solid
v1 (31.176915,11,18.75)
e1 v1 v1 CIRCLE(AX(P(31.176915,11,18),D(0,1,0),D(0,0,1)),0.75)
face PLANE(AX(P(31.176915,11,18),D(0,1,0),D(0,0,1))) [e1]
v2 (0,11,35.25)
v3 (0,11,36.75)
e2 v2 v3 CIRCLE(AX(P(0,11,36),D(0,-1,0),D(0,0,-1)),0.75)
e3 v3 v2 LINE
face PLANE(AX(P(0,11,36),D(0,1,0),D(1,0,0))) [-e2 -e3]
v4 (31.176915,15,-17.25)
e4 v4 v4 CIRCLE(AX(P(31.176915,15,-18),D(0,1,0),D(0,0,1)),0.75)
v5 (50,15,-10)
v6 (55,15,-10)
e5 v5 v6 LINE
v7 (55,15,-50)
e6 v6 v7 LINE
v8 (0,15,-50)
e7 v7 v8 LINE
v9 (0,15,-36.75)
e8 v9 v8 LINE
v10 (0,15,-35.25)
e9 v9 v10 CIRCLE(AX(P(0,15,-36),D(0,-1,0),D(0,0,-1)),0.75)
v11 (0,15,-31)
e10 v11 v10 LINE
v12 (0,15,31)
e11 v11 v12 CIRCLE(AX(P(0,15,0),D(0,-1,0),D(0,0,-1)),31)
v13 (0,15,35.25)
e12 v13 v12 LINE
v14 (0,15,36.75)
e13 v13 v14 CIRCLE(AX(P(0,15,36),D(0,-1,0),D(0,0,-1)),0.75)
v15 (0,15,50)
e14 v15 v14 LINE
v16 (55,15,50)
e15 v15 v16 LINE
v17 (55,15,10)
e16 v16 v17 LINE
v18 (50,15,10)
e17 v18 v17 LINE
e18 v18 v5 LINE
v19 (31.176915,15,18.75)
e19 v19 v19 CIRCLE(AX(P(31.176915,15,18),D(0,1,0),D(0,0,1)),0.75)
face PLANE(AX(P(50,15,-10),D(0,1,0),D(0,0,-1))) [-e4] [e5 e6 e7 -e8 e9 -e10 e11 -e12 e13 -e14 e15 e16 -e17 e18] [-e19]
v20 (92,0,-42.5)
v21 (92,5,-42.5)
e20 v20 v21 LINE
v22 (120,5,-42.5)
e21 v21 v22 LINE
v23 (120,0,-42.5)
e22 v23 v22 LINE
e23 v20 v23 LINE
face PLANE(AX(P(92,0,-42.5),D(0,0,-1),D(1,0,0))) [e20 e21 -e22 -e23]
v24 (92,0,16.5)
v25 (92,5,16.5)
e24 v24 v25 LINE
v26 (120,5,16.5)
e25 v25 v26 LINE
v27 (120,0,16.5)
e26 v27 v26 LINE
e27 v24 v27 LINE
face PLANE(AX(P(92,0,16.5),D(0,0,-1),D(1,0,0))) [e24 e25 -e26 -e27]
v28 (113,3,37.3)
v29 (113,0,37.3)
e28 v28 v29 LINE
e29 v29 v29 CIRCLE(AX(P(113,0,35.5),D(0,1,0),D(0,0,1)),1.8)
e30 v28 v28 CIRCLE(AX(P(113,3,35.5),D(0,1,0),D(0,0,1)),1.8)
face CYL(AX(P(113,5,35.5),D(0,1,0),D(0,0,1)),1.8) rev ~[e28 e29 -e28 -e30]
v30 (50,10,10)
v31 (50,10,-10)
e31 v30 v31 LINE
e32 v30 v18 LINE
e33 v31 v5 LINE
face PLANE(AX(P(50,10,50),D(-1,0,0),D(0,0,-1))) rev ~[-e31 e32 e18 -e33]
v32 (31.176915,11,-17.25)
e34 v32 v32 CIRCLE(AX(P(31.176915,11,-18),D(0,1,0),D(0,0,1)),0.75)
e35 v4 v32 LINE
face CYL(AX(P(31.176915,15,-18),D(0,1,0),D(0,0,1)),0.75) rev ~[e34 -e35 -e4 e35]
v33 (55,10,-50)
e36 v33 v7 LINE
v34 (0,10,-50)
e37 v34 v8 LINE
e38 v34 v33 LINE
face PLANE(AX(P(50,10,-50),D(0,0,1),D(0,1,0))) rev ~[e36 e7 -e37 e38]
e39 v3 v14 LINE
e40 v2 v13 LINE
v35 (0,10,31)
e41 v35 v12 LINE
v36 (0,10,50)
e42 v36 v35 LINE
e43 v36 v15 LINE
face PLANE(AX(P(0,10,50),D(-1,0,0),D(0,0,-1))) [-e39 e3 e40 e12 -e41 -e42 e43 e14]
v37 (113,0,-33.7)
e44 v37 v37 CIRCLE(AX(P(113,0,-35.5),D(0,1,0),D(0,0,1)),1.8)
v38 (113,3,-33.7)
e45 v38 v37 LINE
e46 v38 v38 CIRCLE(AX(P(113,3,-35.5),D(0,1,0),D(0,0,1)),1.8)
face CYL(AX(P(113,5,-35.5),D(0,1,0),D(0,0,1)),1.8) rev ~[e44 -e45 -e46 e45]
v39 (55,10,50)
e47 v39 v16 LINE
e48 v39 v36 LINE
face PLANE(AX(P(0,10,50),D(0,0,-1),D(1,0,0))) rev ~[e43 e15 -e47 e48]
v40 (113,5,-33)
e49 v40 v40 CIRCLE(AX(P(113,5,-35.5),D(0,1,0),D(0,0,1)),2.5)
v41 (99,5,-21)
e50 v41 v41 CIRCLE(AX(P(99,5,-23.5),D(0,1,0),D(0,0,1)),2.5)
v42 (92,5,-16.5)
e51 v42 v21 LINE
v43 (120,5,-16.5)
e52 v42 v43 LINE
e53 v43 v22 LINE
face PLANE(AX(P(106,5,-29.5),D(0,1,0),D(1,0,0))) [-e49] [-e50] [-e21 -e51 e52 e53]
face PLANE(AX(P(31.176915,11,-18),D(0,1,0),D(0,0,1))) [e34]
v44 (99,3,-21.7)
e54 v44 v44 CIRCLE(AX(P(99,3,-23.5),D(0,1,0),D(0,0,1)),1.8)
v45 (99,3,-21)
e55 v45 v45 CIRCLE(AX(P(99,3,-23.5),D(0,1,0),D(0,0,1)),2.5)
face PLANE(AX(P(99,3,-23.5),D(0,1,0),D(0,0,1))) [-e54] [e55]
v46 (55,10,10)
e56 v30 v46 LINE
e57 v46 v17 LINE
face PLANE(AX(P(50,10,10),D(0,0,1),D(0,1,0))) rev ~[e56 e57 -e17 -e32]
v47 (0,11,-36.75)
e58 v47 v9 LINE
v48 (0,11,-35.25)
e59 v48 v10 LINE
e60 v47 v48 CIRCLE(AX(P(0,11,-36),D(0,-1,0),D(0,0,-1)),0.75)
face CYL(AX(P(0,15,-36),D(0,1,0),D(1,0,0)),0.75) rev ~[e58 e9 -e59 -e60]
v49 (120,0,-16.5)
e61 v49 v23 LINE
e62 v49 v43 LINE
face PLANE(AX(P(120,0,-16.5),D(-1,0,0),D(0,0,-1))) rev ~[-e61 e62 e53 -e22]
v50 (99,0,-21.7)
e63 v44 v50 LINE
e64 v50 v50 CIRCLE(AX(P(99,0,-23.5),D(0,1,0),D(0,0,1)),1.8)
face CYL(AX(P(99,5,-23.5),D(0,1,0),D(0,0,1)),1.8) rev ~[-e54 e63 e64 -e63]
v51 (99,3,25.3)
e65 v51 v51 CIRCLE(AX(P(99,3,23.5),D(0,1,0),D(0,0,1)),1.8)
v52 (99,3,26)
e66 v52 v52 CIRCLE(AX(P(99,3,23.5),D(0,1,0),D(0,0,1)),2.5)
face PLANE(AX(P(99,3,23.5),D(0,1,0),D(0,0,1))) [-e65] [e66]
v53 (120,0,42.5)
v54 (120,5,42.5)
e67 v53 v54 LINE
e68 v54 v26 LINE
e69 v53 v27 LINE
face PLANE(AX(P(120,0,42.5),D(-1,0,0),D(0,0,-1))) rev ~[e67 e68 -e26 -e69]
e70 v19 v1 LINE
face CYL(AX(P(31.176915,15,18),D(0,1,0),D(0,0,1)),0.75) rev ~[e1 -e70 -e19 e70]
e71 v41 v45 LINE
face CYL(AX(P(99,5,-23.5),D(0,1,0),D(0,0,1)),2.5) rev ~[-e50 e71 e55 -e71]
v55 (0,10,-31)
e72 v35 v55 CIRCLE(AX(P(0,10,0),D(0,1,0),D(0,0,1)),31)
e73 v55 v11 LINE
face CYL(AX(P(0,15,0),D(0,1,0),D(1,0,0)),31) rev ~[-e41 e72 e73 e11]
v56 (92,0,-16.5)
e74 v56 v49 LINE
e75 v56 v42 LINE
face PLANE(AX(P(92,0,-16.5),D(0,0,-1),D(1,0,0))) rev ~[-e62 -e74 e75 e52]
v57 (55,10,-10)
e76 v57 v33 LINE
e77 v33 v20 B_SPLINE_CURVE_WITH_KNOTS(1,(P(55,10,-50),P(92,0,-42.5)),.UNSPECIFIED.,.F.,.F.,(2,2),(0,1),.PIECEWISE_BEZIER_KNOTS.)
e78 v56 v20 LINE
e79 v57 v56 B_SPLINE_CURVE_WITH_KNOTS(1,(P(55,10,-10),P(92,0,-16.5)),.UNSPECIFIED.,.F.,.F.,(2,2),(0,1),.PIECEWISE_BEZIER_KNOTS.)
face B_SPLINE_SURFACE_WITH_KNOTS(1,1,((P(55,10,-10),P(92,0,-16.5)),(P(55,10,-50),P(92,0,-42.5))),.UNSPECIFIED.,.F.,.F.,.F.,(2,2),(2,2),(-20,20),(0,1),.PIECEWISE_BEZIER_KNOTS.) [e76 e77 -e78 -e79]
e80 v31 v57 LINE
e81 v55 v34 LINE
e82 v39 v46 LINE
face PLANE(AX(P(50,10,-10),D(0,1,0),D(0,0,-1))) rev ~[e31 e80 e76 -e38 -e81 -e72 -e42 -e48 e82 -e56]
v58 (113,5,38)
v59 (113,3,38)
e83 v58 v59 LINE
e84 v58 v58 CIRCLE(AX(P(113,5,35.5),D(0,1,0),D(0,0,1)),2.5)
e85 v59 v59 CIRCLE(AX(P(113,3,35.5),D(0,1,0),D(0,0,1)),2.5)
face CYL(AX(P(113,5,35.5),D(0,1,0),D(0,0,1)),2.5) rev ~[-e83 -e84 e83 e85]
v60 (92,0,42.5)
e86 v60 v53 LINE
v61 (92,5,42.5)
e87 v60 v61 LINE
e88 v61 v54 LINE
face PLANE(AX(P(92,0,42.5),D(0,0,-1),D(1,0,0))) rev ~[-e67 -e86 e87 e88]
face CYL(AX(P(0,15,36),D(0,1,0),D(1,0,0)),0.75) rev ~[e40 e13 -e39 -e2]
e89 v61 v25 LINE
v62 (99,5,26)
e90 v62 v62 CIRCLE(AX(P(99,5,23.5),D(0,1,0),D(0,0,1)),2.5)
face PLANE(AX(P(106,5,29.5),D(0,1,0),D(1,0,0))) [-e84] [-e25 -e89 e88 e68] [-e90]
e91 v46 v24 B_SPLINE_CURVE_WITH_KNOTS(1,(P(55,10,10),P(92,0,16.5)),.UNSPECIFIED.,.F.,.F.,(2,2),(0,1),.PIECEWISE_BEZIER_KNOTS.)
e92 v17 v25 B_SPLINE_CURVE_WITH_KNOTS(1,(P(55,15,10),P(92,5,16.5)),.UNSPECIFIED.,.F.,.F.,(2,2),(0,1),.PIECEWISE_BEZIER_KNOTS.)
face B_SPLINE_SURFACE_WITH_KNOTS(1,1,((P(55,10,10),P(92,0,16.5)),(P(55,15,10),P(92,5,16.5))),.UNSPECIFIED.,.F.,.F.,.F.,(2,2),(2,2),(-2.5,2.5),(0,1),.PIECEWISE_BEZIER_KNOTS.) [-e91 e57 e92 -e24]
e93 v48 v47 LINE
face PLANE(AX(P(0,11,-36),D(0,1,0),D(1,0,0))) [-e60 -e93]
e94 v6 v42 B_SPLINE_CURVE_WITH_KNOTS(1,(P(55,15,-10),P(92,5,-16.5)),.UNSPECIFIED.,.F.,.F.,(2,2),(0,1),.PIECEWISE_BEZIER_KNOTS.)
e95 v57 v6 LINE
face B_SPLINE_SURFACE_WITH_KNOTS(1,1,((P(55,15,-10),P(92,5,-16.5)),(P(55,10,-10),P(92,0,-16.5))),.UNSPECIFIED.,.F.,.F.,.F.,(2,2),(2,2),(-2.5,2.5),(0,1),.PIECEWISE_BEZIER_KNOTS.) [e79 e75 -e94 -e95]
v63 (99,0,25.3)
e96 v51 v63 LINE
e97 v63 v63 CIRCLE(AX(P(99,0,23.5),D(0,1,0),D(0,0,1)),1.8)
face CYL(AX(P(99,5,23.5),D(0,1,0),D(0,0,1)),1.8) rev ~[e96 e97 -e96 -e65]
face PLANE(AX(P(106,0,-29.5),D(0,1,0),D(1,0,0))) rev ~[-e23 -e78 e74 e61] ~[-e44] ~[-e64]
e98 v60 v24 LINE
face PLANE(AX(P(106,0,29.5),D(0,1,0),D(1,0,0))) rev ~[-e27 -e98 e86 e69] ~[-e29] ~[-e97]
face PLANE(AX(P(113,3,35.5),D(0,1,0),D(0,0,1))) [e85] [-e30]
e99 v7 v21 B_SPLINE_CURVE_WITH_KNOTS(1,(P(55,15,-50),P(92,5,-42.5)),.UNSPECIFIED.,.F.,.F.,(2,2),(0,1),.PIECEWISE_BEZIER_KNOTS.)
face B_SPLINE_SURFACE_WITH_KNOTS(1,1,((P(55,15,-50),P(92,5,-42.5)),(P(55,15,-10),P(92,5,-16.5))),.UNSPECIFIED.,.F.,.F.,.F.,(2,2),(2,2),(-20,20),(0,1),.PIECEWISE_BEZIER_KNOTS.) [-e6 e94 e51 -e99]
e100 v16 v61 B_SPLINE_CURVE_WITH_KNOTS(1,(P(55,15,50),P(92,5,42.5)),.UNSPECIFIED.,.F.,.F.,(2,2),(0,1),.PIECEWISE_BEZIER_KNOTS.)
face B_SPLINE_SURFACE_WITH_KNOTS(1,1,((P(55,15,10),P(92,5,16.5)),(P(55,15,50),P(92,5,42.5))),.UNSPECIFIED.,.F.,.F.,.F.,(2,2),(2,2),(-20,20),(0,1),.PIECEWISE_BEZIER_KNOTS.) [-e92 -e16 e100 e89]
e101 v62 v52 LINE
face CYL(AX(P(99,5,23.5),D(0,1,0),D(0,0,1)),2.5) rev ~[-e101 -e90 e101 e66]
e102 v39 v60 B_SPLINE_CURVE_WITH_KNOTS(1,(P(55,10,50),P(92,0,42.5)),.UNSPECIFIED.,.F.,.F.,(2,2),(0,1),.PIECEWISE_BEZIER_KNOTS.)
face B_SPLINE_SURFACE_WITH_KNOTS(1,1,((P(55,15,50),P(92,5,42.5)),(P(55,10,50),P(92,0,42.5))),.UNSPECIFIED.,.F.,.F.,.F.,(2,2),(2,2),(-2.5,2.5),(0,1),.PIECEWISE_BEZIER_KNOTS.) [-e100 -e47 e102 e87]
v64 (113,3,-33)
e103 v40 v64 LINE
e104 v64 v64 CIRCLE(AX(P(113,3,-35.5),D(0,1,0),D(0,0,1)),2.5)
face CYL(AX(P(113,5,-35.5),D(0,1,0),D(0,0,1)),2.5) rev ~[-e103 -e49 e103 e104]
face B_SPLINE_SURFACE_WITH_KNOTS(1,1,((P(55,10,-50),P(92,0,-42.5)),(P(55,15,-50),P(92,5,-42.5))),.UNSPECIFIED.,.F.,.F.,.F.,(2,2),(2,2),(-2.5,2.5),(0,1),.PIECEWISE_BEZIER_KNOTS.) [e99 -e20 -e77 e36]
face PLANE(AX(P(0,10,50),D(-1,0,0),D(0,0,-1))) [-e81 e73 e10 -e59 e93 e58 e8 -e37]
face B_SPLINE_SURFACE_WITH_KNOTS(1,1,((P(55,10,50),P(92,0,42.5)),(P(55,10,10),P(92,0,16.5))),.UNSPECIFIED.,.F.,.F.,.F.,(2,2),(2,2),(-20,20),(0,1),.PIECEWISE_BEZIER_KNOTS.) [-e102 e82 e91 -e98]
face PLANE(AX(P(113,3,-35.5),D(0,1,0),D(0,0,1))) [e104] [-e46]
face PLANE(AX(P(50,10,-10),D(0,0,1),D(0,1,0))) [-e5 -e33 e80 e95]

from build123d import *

# Parameters (mm, degrees)
SKETCH_1_W          = 28
SKETCH_1_H          = 26
EXTRUDE_1_DEPTH     = 5
EXTRUDE_1_2_DEPTH   = 5
EXTRUDE_START       = 10
SKETCH_1_12_W       = 50
SKETCH_1_12_H       = 100
EXTRUDE_2_DEPTH     = 5
SKETCH_2_W          = 40
SKETCH_2_H          = 5
EXTRUDE_3_DEPTH     = 5
SKETCH_3_R          = 1.8
CUT_EXTRUDE_1_DEPTH = 131.38404815
SKETCH_3_3_R        = 2.5
CUT_EXTRUDE_2_DEPTH = 2
SKETCH_4_R          = 0.75
CUT_EXTRUDE_3_DEPTH = 4
SKETCH_5_R          = 31
CUT_EXTRUDE_4_DEPTH = 131.862523333


with BuildPart() as part:
    # 草图1 → 凸台-拉伸1 (new body)
    with BuildSketch(Plane(origin=(0, 0, 0), x_dir=(1, 0, 0), z_dir=(0, 1, 0))):
        with Locations((106, 29.5)):
            Rectangle(SKETCH_1_W, SKETCH_1_H)
    extrude(amount=EXTRUDE_1_DEPTH)


with BuildPart() as body_2:
    # 草图1 → Extrude 1 2 (new body)
    with BuildSketch(Plane(origin=(0, 0, 0), x_dir=(1, 0, 0), z_dir=(0, 1, 0))):
        with Locations((106, -29.5)):
            Rectangle(SKETCH_1_W, SKETCH_1_H)
    extrude(amount=EXTRUDE_1_2_DEPTH)


with BuildPart() as body_3:
    # 草图1<12> → 凸台-拉伸2 (new body)
    with BuildSketch(Plane(origin=(0, 0, 0), x_dir=(1, 0, 0), z_dir=(0, 1, 0)).offset(EXTRUDE_START)):
        with Locations((25, 0)):
            Rectangle(SKETCH_1_12_W, SKETCH_1_12_H)
    extrude(amount=EXTRUDE_2_DEPTH)

    # 草图2 → 凸台-拉伸3 (add)
    with BuildSketch(Plane(origin=(50, 0, 0), x_dir=(0, 0, -1), z_dir=(1, 0, 0))):
        with Locations((30, 12.5)):
            Rectangle(SKETCH_2_W, SKETCH_2_H)
        with Locations((-30, 12.5)):
            Rectangle(SKETCH_2_W, SKETCH_2_H)
    extrude(amount=EXTRUDE_3_DEPTH)


    add(body_2.part)  # loft_5 joins it to this body
    # loft from a face of the part (loft_5)
    loft([body_3.faces().sort_by_distance((55, 12.5, 30))[0], body_3.faces().sort_by_distance((92, 2.5, 29.5))[0]])


    add(part.part)  # loft_6 joins it to this body
    # loft from a face of the part (loft_6)
    loft([body_3.faces().sort_by_distance((55, 12.5, -30))[0], body_3.faces().sort_by_distance((92, 2.5, -29.5))[0]])

    # 草图3 → 切除-拉伸1 (cut, through all)
    with BuildSketch(Plane(origin=(0, 5, 0), x_dir=(1, 0, 0), z_dir=(0, 1, 0))):
        with Locations(Location((113, 35.5, 0), (0, 0, 270))):
            Circle(SKETCH_3_R)
        with Locations(Location((99, 23.5, 0), (0, 0, 270))):
            Circle(SKETCH_3_R)
        with Locations(Location((113, -35.5, 0), (0, 0, 270))):
            Circle(SKETCH_3_R)
        with Locations(Location((99, -23.5, 0), (0, 0, 270))):
            Circle(SKETCH_3_R)
    extrude(amount=-CUT_EXTRUDE_1_DEPTH, mode=Mode.SUBTRACT)

    # 草图3<3> → 切除-拉伸2 (cut)
    with BuildSketch(Plane(origin=(0, 5, 0), x_dir=(1, 0, 0), z_dir=(0, 1, 0))):
        with Locations(Location((99, 23.5, 0), (0, 0, 270))):
            Circle(SKETCH_3_3_R)
        with Locations(Location((113, 35.5, 0), (0, 0, 270))):
            Circle(SKETCH_3_3_R)
        with Locations(Location((113, -35.5, 0), (0, 0, 270))):
            Circle(SKETCH_3_3_R)
        with Locations(Location((99, -23.5, 0), (0, 0, 270))):
            Circle(SKETCH_3_3_R)
    extrude(amount=-CUT_EXTRUDE_2_DEPTH, mode=Mode.SUBTRACT)

    # 草图4 → 切除-拉伸3 (cut)
    with BuildSketch(Plane(origin=(0, 15, 0), x_dir=(1, 0, 0), z_dir=(0, 1, 0))):
        with Locations((0, 36)):
            Circle(SKETCH_4_R)
        with Locations(Location((31.176914536, 18, 0), (0, 0, 270))):
            Circle(SKETCH_4_R)
        with Locations(Location((31.176914536, -18, 0), (0, 0, 270))):
            Circle(SKETCH_4_R)
        with Locations((0, -36)):
            Circle(SKETCH_4_R)
    extrude(amount=-CUT_EXTRUDE_3_DEPTH, mode=Mode.SUBTRACT)

    # 草图5 → 切除-拉伸4 (cut, through all)
    with BuildSketch(Plane(origin=(0, 15, 0), x_dir=(1, 0, 0), z_dir=(0, 1, 0))):
        Circle(SKETCH_5_R)
    extrude(amount=-CUT_EXTRUDE_4_DEPTH, mode=Mode.SUBTRACT)


solid = body_3.part
